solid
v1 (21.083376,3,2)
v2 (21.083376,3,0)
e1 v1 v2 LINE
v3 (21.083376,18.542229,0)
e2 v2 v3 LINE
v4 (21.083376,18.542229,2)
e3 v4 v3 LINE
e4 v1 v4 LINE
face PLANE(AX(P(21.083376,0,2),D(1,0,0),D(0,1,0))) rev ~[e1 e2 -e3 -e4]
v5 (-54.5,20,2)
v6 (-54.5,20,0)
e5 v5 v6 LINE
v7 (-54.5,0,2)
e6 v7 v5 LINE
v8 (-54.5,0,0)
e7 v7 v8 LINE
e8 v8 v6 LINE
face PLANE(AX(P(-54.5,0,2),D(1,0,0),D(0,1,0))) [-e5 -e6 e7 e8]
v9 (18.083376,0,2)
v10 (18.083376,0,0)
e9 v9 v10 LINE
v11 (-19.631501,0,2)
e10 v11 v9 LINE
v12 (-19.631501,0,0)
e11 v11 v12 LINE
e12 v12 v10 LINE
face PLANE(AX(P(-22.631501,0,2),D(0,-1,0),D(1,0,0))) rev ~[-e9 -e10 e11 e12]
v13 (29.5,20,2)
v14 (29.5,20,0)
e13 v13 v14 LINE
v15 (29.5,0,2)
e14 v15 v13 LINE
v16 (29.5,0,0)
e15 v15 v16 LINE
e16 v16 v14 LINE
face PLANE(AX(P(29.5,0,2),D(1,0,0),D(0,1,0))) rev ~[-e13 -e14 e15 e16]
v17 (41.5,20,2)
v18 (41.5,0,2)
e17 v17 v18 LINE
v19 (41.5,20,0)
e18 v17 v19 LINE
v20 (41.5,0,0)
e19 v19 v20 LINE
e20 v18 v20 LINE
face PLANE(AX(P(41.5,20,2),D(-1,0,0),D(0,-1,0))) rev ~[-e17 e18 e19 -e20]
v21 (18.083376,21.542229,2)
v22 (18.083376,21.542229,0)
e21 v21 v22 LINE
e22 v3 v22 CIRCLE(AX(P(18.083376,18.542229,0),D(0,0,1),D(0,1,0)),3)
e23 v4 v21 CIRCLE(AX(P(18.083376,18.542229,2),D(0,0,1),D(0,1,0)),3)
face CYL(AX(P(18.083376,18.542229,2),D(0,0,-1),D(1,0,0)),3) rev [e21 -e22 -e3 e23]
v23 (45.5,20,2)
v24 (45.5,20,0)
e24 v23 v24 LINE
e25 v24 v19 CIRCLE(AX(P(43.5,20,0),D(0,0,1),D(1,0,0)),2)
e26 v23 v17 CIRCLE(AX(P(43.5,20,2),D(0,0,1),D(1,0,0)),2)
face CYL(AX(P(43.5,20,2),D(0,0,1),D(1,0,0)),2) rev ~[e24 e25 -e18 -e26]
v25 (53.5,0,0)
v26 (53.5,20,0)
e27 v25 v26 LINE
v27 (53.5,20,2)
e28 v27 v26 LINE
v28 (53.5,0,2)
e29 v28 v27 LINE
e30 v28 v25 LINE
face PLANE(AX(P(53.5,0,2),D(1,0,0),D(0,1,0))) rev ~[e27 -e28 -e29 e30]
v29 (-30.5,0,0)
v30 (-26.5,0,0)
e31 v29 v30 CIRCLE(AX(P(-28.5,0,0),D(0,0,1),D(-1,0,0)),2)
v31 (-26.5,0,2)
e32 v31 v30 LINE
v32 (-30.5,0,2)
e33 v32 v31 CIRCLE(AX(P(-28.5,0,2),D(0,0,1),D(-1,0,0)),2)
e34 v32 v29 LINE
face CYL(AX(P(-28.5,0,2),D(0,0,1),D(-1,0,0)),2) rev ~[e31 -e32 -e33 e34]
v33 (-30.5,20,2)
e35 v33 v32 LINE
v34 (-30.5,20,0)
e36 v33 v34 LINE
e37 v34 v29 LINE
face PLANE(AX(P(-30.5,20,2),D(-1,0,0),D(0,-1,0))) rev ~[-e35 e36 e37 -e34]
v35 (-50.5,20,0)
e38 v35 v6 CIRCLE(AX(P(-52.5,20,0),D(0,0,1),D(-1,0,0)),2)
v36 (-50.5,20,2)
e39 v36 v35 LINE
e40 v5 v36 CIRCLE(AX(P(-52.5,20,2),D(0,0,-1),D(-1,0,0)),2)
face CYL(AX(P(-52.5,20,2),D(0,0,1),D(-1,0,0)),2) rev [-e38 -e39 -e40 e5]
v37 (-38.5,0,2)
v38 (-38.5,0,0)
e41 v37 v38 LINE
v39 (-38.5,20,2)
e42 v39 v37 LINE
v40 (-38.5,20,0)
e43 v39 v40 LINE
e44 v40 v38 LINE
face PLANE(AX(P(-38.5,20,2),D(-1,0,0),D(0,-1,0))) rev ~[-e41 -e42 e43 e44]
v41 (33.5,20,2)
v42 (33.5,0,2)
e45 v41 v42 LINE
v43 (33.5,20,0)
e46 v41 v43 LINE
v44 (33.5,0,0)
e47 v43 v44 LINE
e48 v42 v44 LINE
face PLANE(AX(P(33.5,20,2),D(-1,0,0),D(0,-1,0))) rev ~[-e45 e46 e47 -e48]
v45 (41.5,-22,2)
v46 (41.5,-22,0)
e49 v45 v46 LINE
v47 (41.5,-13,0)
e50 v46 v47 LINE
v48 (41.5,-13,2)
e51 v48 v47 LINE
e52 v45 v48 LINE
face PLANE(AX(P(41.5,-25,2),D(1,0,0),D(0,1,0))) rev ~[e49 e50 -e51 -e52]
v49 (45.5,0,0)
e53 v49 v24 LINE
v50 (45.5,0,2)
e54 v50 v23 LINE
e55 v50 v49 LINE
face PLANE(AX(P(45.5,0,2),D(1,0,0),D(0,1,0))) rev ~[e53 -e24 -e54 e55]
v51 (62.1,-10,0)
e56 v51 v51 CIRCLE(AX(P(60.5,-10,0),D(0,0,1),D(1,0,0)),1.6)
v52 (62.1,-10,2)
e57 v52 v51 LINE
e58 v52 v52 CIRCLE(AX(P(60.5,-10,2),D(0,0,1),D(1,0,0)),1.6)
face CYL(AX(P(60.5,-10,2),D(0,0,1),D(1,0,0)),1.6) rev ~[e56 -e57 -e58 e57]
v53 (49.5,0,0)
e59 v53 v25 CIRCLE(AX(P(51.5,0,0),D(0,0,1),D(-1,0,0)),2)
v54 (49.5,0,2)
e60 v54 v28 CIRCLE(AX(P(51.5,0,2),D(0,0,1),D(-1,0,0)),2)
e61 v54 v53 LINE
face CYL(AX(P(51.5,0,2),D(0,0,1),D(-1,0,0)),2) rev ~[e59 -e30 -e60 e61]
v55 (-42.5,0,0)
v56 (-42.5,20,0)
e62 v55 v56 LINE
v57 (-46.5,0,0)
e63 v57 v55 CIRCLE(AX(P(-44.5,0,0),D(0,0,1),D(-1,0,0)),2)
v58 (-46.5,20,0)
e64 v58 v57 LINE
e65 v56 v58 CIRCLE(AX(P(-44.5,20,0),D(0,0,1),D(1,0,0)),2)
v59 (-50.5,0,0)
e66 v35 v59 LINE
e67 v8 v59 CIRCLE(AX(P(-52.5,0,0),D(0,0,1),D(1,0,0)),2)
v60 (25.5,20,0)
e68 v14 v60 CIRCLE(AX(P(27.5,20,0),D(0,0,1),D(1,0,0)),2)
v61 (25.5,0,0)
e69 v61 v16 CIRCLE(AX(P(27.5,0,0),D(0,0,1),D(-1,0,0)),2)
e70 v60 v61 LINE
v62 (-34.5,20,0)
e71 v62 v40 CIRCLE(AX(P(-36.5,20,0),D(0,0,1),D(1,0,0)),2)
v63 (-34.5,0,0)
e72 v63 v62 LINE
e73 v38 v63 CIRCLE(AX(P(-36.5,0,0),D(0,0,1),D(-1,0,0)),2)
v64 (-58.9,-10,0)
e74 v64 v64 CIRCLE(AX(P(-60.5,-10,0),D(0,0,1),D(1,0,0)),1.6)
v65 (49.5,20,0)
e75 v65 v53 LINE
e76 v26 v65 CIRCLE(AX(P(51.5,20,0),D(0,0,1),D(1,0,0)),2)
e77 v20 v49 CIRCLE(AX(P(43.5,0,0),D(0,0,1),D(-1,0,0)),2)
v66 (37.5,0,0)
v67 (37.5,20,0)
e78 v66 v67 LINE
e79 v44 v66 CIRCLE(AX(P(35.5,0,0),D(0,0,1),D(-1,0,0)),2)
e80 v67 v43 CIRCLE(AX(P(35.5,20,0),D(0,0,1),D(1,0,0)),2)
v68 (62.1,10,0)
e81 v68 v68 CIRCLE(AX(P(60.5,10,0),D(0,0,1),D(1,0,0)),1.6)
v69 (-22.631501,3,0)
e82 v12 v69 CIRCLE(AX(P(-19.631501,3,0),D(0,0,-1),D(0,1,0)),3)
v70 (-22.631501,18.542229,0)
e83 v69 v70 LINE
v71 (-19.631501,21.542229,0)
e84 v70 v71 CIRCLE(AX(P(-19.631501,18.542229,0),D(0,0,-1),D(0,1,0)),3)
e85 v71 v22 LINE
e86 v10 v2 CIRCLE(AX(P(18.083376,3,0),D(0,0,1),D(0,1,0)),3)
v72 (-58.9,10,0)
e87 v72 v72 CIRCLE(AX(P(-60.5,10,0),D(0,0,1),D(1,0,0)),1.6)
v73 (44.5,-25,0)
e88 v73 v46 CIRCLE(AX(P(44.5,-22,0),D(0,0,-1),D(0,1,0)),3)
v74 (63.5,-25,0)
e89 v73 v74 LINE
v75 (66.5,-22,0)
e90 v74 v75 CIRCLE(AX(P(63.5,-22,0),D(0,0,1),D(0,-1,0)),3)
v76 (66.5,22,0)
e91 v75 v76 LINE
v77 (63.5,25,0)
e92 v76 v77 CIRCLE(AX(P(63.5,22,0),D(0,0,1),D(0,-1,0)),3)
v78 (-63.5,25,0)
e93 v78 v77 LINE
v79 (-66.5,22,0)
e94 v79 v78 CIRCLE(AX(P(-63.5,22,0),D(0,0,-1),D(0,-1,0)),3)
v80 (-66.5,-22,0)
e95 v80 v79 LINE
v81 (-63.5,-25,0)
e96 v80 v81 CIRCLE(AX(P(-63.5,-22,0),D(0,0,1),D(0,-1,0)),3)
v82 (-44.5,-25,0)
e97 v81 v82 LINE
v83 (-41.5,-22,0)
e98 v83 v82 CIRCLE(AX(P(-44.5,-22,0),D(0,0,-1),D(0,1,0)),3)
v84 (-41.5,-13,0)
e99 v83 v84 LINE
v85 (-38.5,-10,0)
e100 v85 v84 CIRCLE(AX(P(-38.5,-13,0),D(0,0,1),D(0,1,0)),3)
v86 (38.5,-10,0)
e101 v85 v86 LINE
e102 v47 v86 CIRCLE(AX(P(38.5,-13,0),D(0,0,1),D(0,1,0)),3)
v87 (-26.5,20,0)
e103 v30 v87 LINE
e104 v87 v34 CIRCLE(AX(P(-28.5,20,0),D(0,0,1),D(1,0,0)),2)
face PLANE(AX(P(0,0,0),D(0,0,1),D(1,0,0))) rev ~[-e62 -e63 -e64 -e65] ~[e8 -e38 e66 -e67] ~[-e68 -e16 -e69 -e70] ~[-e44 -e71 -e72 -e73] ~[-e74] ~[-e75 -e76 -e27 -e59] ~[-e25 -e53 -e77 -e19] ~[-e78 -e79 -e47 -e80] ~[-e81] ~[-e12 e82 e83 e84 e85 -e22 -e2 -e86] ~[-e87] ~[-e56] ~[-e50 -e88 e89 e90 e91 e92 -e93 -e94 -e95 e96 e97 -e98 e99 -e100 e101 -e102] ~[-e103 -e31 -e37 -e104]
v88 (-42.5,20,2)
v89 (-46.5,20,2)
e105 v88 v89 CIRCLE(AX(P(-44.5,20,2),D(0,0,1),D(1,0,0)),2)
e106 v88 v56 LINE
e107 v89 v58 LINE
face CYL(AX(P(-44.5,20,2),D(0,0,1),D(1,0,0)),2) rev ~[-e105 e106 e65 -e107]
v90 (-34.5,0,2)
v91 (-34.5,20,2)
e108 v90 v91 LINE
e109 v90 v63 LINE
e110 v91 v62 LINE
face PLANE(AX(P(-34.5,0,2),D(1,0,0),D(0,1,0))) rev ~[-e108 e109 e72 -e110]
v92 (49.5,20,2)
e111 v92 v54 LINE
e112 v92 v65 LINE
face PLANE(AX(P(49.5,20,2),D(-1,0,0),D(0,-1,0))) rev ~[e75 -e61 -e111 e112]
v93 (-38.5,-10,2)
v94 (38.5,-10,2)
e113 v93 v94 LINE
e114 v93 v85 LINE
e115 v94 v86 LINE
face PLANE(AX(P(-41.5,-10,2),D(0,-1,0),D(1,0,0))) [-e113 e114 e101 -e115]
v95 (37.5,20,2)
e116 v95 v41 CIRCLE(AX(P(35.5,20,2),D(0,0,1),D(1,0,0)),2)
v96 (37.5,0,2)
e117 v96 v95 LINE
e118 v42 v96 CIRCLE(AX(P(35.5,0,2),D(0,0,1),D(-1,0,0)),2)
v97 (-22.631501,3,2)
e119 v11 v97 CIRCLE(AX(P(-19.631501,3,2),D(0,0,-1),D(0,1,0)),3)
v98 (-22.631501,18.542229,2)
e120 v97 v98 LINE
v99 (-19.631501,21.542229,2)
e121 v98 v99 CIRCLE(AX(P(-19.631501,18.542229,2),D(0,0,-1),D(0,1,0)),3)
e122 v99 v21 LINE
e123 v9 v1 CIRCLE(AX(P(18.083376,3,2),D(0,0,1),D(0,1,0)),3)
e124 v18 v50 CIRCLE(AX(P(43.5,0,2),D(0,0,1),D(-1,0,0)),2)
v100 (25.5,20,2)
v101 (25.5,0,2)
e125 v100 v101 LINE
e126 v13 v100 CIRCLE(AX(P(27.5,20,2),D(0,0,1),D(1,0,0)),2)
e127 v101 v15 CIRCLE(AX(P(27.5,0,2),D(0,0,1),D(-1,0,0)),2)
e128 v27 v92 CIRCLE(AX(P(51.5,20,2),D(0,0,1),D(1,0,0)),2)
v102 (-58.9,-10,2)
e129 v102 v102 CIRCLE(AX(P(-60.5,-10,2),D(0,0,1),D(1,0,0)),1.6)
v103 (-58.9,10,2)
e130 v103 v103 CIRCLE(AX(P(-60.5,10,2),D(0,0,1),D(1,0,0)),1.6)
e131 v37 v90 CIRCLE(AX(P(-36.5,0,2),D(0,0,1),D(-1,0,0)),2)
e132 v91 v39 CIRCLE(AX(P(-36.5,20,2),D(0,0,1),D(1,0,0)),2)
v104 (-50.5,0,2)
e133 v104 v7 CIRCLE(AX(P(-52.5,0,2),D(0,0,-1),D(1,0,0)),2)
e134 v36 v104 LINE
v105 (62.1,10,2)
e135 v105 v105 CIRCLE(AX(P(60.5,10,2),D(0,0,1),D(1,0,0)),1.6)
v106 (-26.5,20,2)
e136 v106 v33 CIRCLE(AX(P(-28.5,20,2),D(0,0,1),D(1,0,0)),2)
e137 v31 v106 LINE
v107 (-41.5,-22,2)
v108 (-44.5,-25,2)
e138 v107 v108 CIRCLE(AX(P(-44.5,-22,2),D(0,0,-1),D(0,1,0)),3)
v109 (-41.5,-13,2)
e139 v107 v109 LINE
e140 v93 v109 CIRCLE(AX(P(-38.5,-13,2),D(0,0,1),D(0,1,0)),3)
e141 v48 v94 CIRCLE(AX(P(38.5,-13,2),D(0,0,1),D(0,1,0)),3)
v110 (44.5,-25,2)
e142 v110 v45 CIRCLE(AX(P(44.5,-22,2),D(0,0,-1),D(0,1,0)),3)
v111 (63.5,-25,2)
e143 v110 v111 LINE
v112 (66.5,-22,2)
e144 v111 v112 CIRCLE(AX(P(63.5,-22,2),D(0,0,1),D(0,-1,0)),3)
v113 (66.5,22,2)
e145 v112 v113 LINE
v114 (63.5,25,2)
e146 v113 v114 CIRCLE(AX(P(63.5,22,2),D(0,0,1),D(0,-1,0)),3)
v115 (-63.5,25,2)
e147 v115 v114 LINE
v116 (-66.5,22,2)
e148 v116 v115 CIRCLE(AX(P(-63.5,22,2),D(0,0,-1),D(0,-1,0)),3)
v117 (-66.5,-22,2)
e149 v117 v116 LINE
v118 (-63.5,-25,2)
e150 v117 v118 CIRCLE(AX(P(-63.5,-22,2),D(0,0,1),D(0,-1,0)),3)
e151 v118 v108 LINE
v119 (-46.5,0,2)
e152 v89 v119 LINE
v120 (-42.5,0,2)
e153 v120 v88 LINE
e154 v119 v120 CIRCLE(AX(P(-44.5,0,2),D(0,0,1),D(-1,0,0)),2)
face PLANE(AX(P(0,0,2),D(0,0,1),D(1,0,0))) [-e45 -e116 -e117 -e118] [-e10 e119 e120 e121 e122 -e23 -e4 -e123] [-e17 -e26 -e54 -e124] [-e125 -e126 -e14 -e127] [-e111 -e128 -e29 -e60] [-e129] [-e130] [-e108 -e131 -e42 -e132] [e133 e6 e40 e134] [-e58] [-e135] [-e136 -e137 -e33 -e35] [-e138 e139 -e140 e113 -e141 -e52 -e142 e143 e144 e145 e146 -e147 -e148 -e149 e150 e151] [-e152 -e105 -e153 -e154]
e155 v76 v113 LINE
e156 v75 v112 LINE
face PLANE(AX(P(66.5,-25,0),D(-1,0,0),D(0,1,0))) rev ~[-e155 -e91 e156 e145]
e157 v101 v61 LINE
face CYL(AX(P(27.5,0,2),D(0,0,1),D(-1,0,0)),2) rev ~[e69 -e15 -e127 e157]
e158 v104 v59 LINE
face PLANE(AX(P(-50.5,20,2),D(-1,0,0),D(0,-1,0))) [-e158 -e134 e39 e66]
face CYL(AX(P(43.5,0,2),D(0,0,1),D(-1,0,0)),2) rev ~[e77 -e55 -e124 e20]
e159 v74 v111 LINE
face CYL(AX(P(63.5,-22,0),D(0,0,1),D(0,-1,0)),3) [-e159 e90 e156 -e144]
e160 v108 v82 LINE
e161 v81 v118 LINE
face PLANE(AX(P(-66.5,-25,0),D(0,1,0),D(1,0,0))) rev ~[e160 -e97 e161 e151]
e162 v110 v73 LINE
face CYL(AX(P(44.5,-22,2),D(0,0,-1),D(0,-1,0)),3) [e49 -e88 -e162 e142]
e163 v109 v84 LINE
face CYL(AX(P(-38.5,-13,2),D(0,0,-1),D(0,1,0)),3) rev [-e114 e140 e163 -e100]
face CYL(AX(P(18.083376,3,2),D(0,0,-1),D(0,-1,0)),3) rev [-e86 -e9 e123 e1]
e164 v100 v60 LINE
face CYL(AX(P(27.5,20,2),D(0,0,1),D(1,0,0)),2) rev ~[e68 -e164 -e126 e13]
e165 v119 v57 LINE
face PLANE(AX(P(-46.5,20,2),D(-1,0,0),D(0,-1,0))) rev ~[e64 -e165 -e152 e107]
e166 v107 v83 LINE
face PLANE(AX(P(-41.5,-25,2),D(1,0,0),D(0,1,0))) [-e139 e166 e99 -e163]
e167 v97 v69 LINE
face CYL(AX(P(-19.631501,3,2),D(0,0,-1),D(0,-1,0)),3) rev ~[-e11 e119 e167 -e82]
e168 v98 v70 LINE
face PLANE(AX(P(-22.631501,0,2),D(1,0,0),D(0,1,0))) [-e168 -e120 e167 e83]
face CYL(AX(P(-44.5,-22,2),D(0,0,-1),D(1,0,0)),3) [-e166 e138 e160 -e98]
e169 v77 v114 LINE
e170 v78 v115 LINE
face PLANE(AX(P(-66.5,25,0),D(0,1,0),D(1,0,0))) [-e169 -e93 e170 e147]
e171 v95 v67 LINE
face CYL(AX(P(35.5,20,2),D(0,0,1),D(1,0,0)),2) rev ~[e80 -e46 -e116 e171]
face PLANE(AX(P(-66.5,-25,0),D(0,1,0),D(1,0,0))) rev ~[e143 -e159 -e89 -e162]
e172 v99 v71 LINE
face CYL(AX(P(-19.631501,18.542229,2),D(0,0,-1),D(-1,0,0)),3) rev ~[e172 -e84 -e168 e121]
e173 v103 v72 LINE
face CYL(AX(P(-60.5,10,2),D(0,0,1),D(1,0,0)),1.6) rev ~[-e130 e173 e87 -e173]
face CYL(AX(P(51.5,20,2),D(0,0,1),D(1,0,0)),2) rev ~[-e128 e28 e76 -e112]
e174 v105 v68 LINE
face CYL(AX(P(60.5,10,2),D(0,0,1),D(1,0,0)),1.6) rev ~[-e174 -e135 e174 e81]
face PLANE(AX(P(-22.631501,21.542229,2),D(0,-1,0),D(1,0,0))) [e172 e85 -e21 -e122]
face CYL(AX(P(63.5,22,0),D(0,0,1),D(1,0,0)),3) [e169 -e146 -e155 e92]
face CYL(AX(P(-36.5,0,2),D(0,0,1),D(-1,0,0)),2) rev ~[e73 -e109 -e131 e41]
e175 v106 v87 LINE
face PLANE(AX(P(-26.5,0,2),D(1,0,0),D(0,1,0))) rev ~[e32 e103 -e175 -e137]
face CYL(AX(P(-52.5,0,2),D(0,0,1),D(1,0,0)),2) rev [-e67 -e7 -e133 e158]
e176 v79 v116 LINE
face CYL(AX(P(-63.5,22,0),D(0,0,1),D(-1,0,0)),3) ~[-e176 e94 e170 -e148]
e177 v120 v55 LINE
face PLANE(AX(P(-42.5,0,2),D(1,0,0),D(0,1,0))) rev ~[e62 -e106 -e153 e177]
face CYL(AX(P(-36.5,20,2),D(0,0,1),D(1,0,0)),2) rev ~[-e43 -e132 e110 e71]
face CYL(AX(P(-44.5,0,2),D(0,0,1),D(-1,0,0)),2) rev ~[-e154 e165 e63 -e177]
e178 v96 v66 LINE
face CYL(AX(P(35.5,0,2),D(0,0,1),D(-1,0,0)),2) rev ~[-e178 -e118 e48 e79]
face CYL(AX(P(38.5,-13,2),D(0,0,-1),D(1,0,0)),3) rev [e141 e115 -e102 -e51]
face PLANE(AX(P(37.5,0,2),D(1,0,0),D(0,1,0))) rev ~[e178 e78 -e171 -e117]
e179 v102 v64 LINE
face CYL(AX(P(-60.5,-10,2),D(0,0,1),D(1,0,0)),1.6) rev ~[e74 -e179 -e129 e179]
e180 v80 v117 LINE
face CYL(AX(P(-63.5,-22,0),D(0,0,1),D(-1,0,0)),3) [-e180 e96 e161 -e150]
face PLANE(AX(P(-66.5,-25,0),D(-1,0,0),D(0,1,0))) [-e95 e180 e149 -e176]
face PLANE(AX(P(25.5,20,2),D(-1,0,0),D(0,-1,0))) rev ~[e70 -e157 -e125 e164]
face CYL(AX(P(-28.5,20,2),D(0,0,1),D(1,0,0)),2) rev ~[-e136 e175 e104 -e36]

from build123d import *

# Parameters (mm, degrees)
SKETCH_1_W          = 133
SKETCH_1_H          = 50
EXTRUDE_1_DEPTH     = 2
FILLET_1_R          = 3
SKETCH_2_R          = 1.6
CUT_EXTRUDE_1_DEPTH = 3
SKETCH_3_W          = 43.714876359
SKETCH_3_H          = 21.542228592
CUT_EXTRUDE_2_DEPTH = 10
SKETCH_4_W          = 83
SKETCH_4_H          = 15
CUT_EXTRUDE_3_DEPTH = 10
FILLET_3_R          = 3
FILLET_4_R          = 3


with BuildPart() as part:
    # 草图1 → 凸台-拉伸1 (new body)
    with BuildSketch(Plane.XY):
        Rectangle(SKETCH_1_W, SKETCH_1_H)
    extrude(amount=EXTRUDE_1_DEPTH)

    # 圆角1
    fillet_1_edges = [part.edges().sort_by_distance(p)[0] for p in [
        (-66.5, 25, 1),
        (66.5, 25, 1),
        (66.5, -25, 1),
        (-66.5, -25, 1),
    ]]
    fillet(fillet_1_edges, radius=FILLET_1_R)

    # 草图2 → 切除-拉伸1 (cut)
    with BuildSketch(Plane.XY.offset(2)):
        with Locations((-60.5, 10)):
            Circle(SKETCH_2_R)
        with Locations((-60.5, -10)):
            Circle(SKETCH_2_R)
        with Locations((60.5, -10)):
            Circle(SKETCH_2_R)
        with Locations((60.5, 10)):
            Circle(SKETCH_2_R)
    extrude(amount=-CUT_EXTRUDE_1_DEPTH, mode=Mode.SUBTRACT)

    # 草图3 → 切除-拉伸2 (cut)
    with BuildSketch(Plane.XY.offset(2)):
        with BuildLine():
            Line((-50.5, 20), (-50.5, 0))
            ThreePointArc((-50.5, 0), (-52.5, -2), (-54.5, 0))
            Line((-54.5, 0), (-54.5, 20))
            ThreePointArc((-54.5, 20), (-52.5, 22), (-50.5, 20))
        make_face()
        with BuildLine():
            Line((-46.5, 20), (-46.5, 0))
            ThreePointArc((-46.5, 0), (-44.5, -2), (-42.5, 0))
            Line((-42.5, 0), (-42.5, 20))
            ThreePointArc((-42.5, 20), (-44.5, 22), (-46.5, 20))
        make_face()
        with BuildLine():
            Line((-38.5, 20), (-38.5, 0))
            ThreePointArc((-38.5, 0), (-36.5, -2), (-34.5, 0))
            Line((-34.5, 0), (-34.5, 20))
            ThreePointArc((-34.5, 20), (-36.5, 22), (-38.5, 20))
        make_face()
        with BuildLine():
            Line((-30.5, 20), (-30.5, 0))
            ThreePointArc((-30.5, 0), (-28.5, -2), (-26.5, 0))
            Line((-26.5, 0), (-26.5, 20))
            ThreePointArc((-26.5, 20), (-28.5, 22), (-30.5, 20))
        make_face()
        with Locations((-0.774062545, 10.771114296)):
            Rectangle(SKETCH_3_W, SKETCH_3_H)
        with BuildLine():
            Line((25.5, 20), (25.5, 0))
            ThreePointArc((25.5, 0), (27.5, -2), (29.5, 0))
            Line((29.5, 0), (29.5, 20))
            ThreePointArc((29.5, 20), (27.5, 22), (25.5, 20))
        make_face()
        with BuildLine():
            Line((33.5, 20), (33.5, 0))
            ThreePointArc((33.5, 0), (35.5, -2), (37.5, 0))
            Line((37.5, 0), (37.5, 20))
            ThreePointArc((37.5, 20), (35.5, 22), (33.5, 20))
        make_face()
        with BuildLine():
            Line((41.5, 20), (41.5, 0))
            ThreePointArc((41.5, 0), (43.5, -2), (45.5, 0))
            Line((45.5, 0), (45.5, 20))
            ThreePointArc((45.5, 20), (43.5, 22), (41.5, 20))
        make_face()
        with BuildLine():
            Line((49.5, 20), (49.5, 0))
            ThreePointArc((49.5, 0), (51.5, -2), (53.5, 0))
            Line((53.5, 0), (53.5, 20))
            ThreePointArc((53.5, 20), (51.5, 22), (49.5, 20))
        make_face()
    extrude(amount=-CUT_EXTRUDE_2_DEPTH, mode=Mode.SUBTRACT)

    # 草图4 → 切除-拉伸3 (cut)
    with BuildSketch(Plane.XY.offset(2)):
        with Locations((0, -17.5)):
            Rectangle(SKETCH_4_W, SKETCH_4_H)
    extrude(amount=-CUT_EXTRUDE_3_DEPTH, mode=Mode.SUBTRACT)

    # 圆角3
    fillet_3_edges = [part.edges().sort_by_distance(p)[0] for p in [
        (-41.5, -25, 1),
        (-41.5, -10, 1),
        (41.5, -10, 1),
        (41.5, -25, 1),
    ]]
    fillet(fillet_3_edges, radius=FILLET_3_R)

    # 圆角4
    fillet_4_edges = [part.edges().sort_by_distance(p)[0] for p in [
        (-22.631500725, 0, 1),
        (-22.631500725, 21.542228592, 1),
        (21.083375634, 21.542228592, 1),
        (21.083375634, 0, 1),
    ]]
    fillet(fillet_4_edges, radius=FILLET_4_R)


solid = part.part
